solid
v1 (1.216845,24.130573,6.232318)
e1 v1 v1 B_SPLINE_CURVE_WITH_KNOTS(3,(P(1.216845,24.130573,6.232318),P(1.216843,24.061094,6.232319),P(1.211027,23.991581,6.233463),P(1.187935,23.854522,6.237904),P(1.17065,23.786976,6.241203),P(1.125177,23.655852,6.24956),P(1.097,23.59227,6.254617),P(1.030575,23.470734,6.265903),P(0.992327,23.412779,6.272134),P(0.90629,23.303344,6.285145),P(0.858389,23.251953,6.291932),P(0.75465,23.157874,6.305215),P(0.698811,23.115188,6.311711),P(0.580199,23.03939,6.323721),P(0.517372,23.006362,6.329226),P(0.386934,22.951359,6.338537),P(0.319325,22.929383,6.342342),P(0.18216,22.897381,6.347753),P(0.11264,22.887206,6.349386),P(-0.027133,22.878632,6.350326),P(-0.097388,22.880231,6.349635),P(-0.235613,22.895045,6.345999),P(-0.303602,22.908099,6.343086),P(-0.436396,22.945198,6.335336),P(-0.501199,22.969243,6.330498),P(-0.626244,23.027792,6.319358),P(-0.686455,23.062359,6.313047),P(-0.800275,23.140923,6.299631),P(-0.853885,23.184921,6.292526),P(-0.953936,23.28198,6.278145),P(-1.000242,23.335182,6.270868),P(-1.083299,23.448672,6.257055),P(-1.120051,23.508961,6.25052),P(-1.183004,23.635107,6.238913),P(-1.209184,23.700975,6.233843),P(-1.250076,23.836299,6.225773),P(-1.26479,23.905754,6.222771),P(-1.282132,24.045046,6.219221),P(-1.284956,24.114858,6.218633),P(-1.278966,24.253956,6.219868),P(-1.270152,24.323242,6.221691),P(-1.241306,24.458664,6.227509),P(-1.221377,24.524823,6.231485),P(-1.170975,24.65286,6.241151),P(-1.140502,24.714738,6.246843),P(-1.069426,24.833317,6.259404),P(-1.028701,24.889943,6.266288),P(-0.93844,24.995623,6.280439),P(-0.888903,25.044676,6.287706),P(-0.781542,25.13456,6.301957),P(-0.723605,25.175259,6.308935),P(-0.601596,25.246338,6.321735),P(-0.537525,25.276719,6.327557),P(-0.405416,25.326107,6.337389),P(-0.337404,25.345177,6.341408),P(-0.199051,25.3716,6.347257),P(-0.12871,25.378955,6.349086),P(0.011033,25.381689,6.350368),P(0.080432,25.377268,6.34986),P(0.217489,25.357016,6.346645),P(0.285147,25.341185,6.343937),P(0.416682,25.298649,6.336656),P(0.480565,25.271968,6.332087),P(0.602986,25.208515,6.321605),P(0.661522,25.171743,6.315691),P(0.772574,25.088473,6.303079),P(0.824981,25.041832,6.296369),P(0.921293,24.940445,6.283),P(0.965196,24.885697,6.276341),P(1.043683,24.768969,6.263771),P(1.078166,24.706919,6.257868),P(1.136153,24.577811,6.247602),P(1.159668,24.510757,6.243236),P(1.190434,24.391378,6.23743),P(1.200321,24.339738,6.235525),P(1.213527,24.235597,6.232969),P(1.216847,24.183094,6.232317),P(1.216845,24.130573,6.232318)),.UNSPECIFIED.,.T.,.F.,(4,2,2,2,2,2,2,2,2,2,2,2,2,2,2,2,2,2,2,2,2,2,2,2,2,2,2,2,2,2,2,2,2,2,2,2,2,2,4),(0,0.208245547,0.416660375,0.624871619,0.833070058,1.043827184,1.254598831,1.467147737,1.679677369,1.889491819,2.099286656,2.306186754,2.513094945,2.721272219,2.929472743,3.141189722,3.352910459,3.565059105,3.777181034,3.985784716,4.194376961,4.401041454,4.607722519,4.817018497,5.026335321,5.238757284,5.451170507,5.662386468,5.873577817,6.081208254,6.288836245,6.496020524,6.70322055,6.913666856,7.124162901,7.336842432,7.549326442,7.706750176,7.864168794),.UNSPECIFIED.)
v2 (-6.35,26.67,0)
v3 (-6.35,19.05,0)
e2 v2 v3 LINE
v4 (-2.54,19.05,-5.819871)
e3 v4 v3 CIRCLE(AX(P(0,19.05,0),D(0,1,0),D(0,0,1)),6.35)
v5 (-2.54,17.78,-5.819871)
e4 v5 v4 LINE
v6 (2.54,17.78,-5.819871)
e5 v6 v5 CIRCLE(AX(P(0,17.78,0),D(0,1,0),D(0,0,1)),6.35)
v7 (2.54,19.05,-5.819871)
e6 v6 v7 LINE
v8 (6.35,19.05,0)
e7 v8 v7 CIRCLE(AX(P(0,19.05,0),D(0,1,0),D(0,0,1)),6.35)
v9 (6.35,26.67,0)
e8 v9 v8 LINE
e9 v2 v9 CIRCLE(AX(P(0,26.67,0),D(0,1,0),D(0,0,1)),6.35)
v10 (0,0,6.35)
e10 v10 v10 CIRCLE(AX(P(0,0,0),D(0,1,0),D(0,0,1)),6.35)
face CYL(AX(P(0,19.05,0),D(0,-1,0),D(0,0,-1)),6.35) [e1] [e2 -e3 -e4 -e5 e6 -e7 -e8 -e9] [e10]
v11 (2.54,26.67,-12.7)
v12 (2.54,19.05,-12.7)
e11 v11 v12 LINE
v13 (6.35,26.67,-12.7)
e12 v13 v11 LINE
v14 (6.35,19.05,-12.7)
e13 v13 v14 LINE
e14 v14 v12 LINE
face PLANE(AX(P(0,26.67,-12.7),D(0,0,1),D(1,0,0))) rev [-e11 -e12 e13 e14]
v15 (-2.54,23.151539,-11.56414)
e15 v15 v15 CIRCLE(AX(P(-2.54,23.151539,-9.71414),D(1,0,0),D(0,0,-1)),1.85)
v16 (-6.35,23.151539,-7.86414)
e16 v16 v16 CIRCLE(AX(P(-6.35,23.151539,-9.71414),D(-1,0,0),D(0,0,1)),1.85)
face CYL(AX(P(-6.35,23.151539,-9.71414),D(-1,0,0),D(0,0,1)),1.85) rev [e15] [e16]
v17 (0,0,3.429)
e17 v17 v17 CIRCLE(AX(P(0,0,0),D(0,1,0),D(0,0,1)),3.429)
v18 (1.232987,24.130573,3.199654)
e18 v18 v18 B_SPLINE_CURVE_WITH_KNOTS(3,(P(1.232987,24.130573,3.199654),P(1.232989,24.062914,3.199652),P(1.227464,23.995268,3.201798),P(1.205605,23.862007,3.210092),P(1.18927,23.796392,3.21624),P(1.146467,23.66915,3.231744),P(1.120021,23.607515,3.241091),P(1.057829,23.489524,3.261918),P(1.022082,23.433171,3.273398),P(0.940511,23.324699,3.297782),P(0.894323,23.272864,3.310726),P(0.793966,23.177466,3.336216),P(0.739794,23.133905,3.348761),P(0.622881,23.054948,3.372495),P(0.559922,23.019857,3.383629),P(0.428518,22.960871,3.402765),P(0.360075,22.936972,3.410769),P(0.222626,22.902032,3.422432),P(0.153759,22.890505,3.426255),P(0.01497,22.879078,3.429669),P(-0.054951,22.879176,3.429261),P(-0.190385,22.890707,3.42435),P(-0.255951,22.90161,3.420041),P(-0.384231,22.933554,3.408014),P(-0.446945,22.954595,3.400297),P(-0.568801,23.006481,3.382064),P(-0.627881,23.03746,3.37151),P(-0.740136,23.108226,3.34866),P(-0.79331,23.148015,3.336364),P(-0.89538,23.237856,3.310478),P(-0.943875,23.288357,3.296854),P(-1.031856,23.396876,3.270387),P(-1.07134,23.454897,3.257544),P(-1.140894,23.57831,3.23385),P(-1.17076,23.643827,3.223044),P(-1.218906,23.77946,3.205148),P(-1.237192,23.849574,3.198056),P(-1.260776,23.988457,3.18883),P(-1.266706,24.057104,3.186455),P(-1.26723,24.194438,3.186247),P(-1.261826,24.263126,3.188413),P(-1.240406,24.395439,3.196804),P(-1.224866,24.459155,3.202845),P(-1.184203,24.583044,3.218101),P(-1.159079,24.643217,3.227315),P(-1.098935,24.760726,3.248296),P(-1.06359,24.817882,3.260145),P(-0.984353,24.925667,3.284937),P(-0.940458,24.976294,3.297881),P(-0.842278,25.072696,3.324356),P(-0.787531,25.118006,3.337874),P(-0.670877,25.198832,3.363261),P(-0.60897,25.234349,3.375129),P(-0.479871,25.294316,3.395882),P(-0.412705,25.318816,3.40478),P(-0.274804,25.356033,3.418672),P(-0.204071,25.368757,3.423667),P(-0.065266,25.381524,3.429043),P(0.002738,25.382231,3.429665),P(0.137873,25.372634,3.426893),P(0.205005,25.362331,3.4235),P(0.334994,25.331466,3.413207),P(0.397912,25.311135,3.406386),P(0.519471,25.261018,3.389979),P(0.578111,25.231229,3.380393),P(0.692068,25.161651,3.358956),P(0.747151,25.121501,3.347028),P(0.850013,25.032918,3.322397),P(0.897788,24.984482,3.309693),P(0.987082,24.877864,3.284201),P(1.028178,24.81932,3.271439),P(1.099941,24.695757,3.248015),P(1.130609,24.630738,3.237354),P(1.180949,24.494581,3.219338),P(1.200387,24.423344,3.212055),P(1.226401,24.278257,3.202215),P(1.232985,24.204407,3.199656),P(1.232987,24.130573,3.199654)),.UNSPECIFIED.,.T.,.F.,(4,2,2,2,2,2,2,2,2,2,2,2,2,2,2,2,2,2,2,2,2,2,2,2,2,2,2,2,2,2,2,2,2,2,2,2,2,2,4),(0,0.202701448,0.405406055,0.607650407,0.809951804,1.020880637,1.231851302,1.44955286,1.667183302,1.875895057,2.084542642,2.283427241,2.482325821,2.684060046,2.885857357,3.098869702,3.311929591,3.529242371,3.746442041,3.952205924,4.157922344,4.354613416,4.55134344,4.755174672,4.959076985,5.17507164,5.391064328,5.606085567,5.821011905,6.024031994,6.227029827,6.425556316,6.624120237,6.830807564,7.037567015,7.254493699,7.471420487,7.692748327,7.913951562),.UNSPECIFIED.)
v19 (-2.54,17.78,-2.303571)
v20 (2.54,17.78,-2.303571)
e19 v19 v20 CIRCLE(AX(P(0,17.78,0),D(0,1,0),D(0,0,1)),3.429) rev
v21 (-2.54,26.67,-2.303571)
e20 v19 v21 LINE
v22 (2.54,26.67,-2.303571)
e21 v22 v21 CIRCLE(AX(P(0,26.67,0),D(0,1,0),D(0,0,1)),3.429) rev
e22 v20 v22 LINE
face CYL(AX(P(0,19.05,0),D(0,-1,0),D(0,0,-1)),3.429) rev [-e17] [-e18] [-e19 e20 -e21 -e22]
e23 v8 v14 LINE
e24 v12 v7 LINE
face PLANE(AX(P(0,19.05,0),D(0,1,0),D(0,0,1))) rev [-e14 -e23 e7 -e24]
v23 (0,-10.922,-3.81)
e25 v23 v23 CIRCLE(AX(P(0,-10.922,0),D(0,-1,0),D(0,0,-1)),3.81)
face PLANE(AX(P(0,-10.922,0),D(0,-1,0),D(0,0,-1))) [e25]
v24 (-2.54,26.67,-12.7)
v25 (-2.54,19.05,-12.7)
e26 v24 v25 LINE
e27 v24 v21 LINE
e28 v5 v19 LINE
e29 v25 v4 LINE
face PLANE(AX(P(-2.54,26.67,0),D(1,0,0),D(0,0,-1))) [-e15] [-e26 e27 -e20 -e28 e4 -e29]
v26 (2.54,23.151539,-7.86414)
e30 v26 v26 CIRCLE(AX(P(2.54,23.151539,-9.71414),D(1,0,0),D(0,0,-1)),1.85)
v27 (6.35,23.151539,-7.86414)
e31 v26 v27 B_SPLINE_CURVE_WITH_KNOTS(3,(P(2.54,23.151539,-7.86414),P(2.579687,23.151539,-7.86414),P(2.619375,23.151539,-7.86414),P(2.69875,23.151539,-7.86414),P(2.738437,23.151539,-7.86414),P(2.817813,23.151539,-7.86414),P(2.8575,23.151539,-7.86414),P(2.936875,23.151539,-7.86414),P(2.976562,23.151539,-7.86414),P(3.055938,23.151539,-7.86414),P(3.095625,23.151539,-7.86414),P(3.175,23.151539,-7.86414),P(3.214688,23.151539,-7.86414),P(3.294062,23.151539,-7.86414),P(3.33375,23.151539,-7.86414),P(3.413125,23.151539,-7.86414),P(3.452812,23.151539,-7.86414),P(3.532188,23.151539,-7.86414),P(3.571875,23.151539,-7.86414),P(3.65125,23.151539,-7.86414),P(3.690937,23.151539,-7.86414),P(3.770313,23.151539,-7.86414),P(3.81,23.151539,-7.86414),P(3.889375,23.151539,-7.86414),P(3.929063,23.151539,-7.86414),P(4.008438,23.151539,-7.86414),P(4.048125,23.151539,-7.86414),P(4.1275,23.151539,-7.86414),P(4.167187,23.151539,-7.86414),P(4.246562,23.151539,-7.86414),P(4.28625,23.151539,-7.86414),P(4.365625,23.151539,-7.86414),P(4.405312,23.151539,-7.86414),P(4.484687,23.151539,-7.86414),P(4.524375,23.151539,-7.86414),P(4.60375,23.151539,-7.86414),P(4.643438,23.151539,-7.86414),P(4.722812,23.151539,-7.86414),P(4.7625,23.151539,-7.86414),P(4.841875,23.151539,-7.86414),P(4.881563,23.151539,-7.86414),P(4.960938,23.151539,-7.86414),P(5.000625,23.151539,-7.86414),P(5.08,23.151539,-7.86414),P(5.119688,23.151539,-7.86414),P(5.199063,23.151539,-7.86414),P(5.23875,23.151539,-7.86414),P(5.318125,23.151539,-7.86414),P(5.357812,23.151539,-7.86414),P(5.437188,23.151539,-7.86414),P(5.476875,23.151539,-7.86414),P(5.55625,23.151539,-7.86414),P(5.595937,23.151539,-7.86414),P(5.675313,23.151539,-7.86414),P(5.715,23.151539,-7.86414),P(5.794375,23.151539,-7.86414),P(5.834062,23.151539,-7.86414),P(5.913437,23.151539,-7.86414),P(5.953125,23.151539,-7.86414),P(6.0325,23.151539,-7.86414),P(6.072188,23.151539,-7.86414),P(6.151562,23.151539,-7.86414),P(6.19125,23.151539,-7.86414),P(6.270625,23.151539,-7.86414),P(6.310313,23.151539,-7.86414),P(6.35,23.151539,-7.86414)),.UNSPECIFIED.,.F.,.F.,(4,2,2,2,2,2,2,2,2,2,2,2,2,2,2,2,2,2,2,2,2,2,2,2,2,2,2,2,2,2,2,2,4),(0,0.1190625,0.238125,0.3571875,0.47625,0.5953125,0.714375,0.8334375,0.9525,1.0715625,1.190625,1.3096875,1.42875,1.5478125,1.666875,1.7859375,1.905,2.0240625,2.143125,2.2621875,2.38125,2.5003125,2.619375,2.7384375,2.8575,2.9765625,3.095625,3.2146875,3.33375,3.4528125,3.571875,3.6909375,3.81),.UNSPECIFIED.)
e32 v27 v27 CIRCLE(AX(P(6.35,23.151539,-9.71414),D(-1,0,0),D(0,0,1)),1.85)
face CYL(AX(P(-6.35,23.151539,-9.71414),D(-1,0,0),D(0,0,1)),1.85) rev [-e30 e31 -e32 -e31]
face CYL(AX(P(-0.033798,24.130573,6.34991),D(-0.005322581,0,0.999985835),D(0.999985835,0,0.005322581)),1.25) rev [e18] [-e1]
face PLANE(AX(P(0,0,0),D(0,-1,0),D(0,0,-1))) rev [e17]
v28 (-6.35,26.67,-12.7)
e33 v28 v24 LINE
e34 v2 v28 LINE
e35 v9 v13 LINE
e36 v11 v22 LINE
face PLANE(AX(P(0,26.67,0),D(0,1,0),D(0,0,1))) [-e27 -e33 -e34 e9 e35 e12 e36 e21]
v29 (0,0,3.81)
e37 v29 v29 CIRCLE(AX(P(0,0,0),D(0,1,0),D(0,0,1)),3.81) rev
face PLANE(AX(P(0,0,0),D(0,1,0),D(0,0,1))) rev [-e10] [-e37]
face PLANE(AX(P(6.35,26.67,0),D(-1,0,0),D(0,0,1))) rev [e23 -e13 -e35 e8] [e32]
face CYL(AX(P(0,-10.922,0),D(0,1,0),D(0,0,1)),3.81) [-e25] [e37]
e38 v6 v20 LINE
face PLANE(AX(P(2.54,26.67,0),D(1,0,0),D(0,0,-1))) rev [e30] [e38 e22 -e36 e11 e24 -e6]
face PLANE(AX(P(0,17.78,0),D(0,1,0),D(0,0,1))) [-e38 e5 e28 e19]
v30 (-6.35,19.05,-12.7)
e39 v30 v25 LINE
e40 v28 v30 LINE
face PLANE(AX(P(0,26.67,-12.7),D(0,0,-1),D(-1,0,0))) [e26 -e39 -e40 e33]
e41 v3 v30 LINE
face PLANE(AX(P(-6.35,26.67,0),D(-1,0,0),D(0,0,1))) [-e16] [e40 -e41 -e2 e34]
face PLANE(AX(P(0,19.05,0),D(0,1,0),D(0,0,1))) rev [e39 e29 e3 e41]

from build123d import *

# Parameters (mm, degrees)
SKETCH1_R                   = 6.35
SKETCH1_R_2                 = 3.429
BOSS_EXTRUDE1_DEPTH         = 19.05
SKETCH2_R                   = 3.81
BOSS_EXTRUDE2_DEPTH         = 10.922
SKETCH3_R                   = 3.429
BOSS_EXTRUDE3_DEPTH         = 7.62
M3_CLEARANCE_HOLE1_D        = 3.7
M3_CLEARANCE_HOLE1_DEPTH    = 25.4
M3_CLEARANCE_HOLE1_TIP      = 1.111592145
CUT_EXTRUDE1_START          = -8.89
CUT_EXTRUDE1_DEPTH          = 8.89
TAP_DRILL_FOR_M3X0_5_TAP1_D = 2.5


with BuildPart() as part:
    # Sketch1 → Boss-Extrude1 (new body)
    with BuildSketch(Plane(origin=(0, 0, 0), x_dir=(1, 0, 0), z_dir=(0, 1, 0))):
        with Locations(Location((0, 0, 0), (0, 0, 90))):
            Circle(SKETCH1_R)
        with Locations(Location((0, 0, 0), (0, 0, 90))):
            Circle(SKETCH1_R_2, mode=Mode.SUBTRACT)
    extrude(amount=BOSS_EXTRUDE1_DEPTH)

    # Sketch2 → Boss-Extrude2 (add)
    with BuildSketch(Plane.XZ):
        with Locations(Location((0, 0, 0), (0, 0, 90))):
            Circle(SKETCH2_R)
    extrude(amount=BOSS_EXTRUDE2_DEPTH)

    # Sketch3 → Boss-Extrude3 (add)
    with BuildSketch(Plane(origin=(0, 19.05, 0), x_dir=(1, 0, 0), z_dir=(0, 1, 0))):
        with BuildLine():
            Line((2.54, 12.7), (2.54, 5.819871133))
            ThreePointArc((2.54, 5.819871133), (0, 6.35), (-2.54, 5.819871133))
            Line((-2.54, 5.819871133), (-2.54, 12.7))
            Line((-2.54, 12.7), (-6.35, 12.7))
            Line((-6.35, 12.7), (-6.35, 0))
            ThreePointArc((-6.35, 0), (0, -6.35), (6.35, 0))
            Line((6.35, 0), (6.35, 12.7))
            Line((6.35, 12.7), (2.54, 12.7))
        make_face()
        with Locations(Location((0, 0, 0), (0, 0, 90))):
            Circle(SKETCH3_R, mode=Mode.SUBTRACT)
    extrude(amount=BOSS_EXTRUDE3_DEPTH)

    # M3 Clearance Hole1
    with Locations(Plane.ZY.offset(6.35)):
        with Locations((-9.714139502, 23.151538797)):
            Hole(M3_CLEARANCE_HOLE1_D / 2, depth=M3_CLEARANCE_HOLE1_DEPTH)
            with Locations((0, 0, -(M3_CLEARANCE_HOLE1_DEPTH + M3_CLEARANCE_HOLE1_TIP / 2))):  # 118° drill point
                Cone(0, M3_CLEARANCE_HOLE1_D / 2, M3_CLEARANCE_HOLE1_TIP, mode=Mode.SUBTRACT)

    # Sketch7 → Cut-Extrude1 (cut)
    with BuildSketch(Plane(origin=(0, 26.67, 0), x_dir=(1, 0, 0), z_dir=(0, 1, 0)).offset(CUT_EXTRUDE1_START)):
        with BuildLine():
            Line((2.54, 2.303571358), (2.54, 5.819871133))
            ThreePointArc((2.54, 5.819871133), (0, 6.35), (-2.54, 5.819871133))
            Line((-2.54, 5.819871133), (-2.54, 2.303571358))
            ThreePointArc((-2.54, 2.303571358), (0, 3.429), (2.54, 2.303571358))
        make_face()
    extrude(amount=CUT_EXTRUDE1_DEPTH, mode=Mode.SUBTRACT)

    # Tap Drill for M3x0.5 Tap1 (through all)
    with Locations(Plane(origin=(-0.033798391, 24.130572857, 6.349910052), x_dir=(0.999985834964, 0, 0.005322581268), z_dir=(-0.005322581268, 0, 0.999985834964))):
        with Locations((0, 0)):
            Hole(TAP_DRILL_FOR_M3X0_5_TAP1_D / 2)


solid = part.part
